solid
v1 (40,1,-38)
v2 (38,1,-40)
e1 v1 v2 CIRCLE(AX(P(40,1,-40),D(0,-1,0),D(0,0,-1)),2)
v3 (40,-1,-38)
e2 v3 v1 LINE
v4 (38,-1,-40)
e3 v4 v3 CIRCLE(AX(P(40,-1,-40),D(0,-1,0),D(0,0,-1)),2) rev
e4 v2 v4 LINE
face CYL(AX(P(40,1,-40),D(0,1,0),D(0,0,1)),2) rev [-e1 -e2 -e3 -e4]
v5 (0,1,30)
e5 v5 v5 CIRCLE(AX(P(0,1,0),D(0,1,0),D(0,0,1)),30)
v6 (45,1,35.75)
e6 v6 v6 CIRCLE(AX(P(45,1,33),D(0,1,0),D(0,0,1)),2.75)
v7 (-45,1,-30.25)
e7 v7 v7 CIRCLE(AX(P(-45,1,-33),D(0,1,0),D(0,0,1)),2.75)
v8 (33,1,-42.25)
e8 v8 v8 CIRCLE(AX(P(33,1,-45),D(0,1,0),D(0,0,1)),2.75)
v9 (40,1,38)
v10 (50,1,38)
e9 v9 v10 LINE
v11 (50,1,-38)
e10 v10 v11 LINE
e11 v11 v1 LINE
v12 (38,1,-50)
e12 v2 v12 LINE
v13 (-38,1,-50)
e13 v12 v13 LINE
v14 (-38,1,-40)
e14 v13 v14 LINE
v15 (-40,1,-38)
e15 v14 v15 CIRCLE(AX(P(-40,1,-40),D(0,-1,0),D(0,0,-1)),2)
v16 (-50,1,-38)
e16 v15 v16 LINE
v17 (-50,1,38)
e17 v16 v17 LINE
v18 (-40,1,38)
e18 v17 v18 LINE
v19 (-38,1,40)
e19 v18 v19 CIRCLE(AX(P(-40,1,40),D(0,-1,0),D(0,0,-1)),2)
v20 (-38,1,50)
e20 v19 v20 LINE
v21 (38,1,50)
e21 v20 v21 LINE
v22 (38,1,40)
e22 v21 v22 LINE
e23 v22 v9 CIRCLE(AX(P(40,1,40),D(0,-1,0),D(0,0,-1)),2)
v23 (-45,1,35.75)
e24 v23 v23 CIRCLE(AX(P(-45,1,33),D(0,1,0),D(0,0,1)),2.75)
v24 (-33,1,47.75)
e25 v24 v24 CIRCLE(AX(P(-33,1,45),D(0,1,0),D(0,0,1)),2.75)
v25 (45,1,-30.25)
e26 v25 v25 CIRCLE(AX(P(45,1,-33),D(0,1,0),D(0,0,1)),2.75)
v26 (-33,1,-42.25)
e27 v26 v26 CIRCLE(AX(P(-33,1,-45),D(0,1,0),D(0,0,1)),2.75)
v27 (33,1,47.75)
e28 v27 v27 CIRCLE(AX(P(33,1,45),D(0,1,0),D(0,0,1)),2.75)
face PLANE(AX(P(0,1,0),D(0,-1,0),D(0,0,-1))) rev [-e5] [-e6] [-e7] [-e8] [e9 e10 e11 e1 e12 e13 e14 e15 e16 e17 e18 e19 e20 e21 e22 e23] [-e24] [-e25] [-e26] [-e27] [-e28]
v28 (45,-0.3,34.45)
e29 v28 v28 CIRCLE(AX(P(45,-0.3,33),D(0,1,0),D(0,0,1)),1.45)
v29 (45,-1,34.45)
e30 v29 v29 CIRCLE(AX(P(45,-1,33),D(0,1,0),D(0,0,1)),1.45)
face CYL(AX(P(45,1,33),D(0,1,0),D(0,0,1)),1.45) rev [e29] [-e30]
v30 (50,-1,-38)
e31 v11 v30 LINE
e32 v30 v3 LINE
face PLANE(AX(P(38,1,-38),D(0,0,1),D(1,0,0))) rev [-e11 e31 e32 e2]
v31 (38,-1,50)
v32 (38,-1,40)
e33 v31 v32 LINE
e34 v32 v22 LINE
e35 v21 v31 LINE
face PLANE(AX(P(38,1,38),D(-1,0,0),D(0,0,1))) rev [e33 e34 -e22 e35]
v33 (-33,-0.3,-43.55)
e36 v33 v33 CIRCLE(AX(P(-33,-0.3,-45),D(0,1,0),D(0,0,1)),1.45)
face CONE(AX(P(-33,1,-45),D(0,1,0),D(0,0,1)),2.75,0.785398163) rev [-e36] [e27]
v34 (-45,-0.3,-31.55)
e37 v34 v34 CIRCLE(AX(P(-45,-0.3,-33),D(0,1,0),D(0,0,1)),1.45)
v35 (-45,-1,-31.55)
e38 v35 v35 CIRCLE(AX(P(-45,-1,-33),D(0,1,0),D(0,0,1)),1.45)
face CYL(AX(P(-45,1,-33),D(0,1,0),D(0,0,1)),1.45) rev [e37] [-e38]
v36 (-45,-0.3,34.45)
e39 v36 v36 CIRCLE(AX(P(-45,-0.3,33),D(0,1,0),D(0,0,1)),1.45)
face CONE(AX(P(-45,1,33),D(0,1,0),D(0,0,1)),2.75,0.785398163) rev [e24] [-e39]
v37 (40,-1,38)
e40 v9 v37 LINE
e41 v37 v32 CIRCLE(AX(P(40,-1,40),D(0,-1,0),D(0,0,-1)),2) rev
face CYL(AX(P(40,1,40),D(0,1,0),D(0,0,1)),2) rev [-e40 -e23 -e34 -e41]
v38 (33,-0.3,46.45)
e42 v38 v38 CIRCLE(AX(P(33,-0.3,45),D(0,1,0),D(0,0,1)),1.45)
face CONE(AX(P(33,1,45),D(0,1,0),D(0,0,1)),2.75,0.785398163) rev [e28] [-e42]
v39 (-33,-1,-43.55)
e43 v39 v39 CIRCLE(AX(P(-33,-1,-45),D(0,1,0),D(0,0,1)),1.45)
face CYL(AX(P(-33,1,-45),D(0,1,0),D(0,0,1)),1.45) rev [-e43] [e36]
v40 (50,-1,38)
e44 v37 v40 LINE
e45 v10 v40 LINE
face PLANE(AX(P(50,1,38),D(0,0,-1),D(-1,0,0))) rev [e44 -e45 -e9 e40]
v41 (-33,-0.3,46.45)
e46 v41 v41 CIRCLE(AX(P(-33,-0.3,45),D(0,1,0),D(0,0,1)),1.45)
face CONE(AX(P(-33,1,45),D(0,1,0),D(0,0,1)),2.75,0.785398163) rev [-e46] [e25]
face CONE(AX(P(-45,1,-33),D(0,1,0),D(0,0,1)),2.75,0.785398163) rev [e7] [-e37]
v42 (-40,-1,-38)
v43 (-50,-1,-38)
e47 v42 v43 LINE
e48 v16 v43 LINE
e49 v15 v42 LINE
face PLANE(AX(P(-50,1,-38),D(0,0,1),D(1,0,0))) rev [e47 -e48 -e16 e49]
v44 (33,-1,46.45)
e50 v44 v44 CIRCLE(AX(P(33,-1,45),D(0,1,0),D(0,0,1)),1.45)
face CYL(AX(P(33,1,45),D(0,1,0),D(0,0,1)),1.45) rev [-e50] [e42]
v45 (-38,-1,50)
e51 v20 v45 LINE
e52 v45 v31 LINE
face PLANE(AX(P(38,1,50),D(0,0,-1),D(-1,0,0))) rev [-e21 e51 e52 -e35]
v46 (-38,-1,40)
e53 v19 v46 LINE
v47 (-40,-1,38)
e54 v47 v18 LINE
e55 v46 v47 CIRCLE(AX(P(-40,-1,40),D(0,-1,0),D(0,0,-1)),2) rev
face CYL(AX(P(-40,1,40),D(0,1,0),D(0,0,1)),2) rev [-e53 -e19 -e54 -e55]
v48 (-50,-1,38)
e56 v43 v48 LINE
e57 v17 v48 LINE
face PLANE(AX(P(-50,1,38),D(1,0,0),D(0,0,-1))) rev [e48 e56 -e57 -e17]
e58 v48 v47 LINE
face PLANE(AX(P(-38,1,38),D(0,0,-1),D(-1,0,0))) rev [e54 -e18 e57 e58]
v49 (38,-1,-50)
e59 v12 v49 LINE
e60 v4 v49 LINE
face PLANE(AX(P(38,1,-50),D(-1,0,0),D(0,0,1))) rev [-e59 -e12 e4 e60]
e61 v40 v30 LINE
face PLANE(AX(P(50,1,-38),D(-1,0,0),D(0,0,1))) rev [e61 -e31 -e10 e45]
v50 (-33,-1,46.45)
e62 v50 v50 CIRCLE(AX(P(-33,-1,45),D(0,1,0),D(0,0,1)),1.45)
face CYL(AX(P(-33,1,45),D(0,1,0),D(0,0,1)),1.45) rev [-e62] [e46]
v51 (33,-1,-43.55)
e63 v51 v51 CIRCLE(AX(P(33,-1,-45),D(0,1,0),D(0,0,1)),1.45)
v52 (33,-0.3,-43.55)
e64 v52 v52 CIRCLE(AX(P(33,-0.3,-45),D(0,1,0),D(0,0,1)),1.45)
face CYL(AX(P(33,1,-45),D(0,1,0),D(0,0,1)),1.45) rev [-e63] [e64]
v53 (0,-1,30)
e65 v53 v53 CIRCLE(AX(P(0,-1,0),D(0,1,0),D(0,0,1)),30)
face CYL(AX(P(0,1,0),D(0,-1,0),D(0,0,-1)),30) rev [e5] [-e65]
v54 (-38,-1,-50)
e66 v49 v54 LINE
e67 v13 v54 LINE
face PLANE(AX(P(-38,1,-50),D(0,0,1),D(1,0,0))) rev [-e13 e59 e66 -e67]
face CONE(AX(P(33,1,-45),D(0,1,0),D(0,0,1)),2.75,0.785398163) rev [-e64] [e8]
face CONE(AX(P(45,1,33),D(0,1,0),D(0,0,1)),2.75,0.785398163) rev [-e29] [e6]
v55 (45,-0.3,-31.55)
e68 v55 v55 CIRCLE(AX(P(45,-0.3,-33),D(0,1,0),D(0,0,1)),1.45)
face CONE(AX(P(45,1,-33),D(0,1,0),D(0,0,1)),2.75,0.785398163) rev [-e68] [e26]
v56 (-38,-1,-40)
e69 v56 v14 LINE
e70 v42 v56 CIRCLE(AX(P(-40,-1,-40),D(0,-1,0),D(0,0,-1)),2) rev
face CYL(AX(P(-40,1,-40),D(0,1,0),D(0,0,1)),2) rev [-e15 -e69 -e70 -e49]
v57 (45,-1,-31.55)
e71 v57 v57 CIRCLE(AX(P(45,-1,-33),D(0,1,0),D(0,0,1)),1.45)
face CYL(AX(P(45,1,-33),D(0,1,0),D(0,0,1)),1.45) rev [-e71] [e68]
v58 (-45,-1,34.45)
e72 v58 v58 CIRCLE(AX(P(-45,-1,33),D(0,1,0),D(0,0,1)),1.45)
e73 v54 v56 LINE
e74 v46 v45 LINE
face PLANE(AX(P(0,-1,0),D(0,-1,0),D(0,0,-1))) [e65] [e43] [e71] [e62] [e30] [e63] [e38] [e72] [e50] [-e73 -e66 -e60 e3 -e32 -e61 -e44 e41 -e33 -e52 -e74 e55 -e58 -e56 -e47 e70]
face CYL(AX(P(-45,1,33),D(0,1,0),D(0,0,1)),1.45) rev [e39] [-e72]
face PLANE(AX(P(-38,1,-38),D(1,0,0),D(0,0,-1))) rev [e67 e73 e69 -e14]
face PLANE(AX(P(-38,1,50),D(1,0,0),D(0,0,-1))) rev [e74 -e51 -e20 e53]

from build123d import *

# Parameters (mm, degrees)
SCHIZZO1_R                              = 30
ESTRUSIONE_ESTRUSIONE1_DEPTH            = 1
RACCORDO1_R                             = 2
FORO_SVASATO_PER_VITE_M2_5_1_AT_2_COUNT = 2
FORO_SVASATO_PER_VITE_M2_5_1_AT_2_PITCH = 16.970562748
FORO_SVASATO_PER_VITE_M2_5_1_AT_3_COUNT = 2
FORO_SVASATO_PER_VITE_M2_5_1_AT_3_PITCH = 78.917678628
FORO_SVASATO_PER_VITE_M2_5_1_AT_4_COUNT = 2
FORO_SVASATO_PER_VITE_M2_5_1_AT_4_PITCH = 90
FORO_SVASATO_PER_VITE_M2_5_1_AT_5_COUNT = 2
FORO_SVASATO_PER_VITE_M2_5_1_AT_5_PITCH = 111.606451426
FORO_SVASATO_PER_VITE_M2_5_1_AT_6_COUNT = 2
FORO_SVASATO_PER_VITE_M2_5_1_AT_6_PITCH = 110.308657865
FORO_SVASATO_PER_VITE_M2_5_1_AT_7_COUNT = 2
FORO_SVASATO_PER_VITE_M2_5_1_AT_7_PITCH = 78.917678628
FORO_SVASATO_PER_VITE_M2_5_1_AT_8_COUNT = 2
FORO_SVASATO_PER_VITE_M2_5_1_AT_8_PITCH = 66


with BuildPart() as part:
    # Schizzo1 → Estrusione-Estrusione1 (new, symmetric)
    with BuildSketch(Plane(origin=(0, 0, 0), x_dir=(1, 0, 0), z_dir=(0, 1, 0))):
        Polygon((-50, -38), (-50, 38), (-38, 38), (-38, 50), (38, 50), (38, 38), (50, 38), (50, -38), (38, -38), (38, -50), (-38, -50), (-38, -38), align=None)
        with Locations(Location((0, 0, 0), (0, 0, 270))):
            Circle(SCHIZZO1_R, mode=Mode.SUBTRACT)
    extrude(amount=ESTRUSIONE_ESTRUSIONE1_DEPTH, both=True)

    # Raccordo1
    raccordo1_edges = [part.edges().sort_by_distance(p)[0] for p in [
        (-38, 0, -38),
        (38, 0, -38),
        (38, 0, 38),
        (-38, 0, 38),
    ]]
    fillet(raccordo1_edges, radius=RACCORDO1_R)

    # Schizzo4 → Foro svasato per Vite M2.5-1 (revolve, cut)
    with BuildSketch(Plane(origin=(-33, 1, -45), x_dir=(0, 0, 1), z_dir=(1, 0, 0))):
        Polygon((0, 0), (0, 2), (1.45, 2), (1.45, 1.3), (2.75, 0), align=None)
    foro_svasato_per_vite_m2_5_1 = revolve(axis=Axis((-33, 7.35, -45), (0, -1, 0)), mode=Mode.SUBTRACT)

    # Foro svasato per Vite M2.5-1 at 2: Foro svasato per Vite M2.5-1 ×2
    with Locations(*[Vector(-0.7071067811865476, 0, 0.7071067811865476) * (i * FORO_SVASATO_PER_VITE_M2_5_1_AT_2_PITCH) for i in range(1, FORO_SVASATO_PER_VITE_M2_5_1_AT_2_COUNT)]):
        add(foro_svasato_per_vite_m2_5_1, mode=Mode.SUBTRACT)

    # Foro svasato per Vite M2.5-1 at 3: Foro svasato per Vite M2.5-1 ×2
    with Locations(*[Vector(-0.15205718425394116, 0, 0.9883716976506172) * (i * FORO_SVASATO_PER_VITE_M2_5_1_AT_3_PITCH) for i in range(1, FORO_SVASATO_PER_VITE_M2_5_1_AT_3_COUNT)]):
        add(foro_svasato_per_vite_m2_5_1, mode=Mode.SUBTRACT)

    # Foro svasato per Vite M2.5-1 at 4: Foro svasato per Vite M2.5-1 ×2
    with Locations(*[(0, 0, i * FORO_SVASATO_PER_VITE_M2_5_1_AT_4_PITCH) for i in range(1, FORO_SVASATO_PER_VITE_M2_5_1_AT_4_COUNT)]):
        add(foro_svasato_per_vite_m2_5_1, mode=Mode.SUBTRACT)

    # Foro svasato per Vite M2.5-1 at 5: Foro svasato per Vite M2.5-1 ×2
    with Locations(*[Vector(0.5913636636275174, 0, 0.8064049958557056) * (i * FORO_SVASATO_PER_VITE_M2_5_1_AT_5_PITCH) for i in range(1, FORO_SVASATO_PER_VITE_M2_5_1_AT_5_COUNT)]):
        add(foro_svasato_per_vite_m2_5_1, mode=Mode.SUBTRACT)

    # Foro svasato per Vite M2.5-1 at 6: Foro svasato per Vite M2.5-1 ×2
    with Locations(*[Vector(0.7071067811865476, 0, 0.7071067811865476) * (i * FORO_SVASATO_PER_VITE_M2_5_1_AT_6_PITCH) for i in range(1, FORO_SVASATO_PER_VITE_M2_5_1_AT_6_COUNT)]):
        add(foro_svasato_per_vite_m2_5_1, mode=Mode.SUBTRACT)

    # Foro svasato per Vite M2.5-1 at 7: Foro svasato per Vite M2.5-1 ×2
    with Locations(*[Vector(0.9883716976506172, 0, 0.1520571842539412) * (i * FORO_SVASATO_PER_VITE_M2_5_1_AT_7_PITCH) for i in range(1, FORO_SVASATO_PER_VITE_M2_5_1_AT_7_COUNT)]):
        add(foro_svasato_per_vite_m2_5_1, mode=Mode.SUBTRACT)

    # Foro svasato per Vite M2.5-1 at 8: Foro svasato per Vite M2.5-1 ×2
    with Locations(*[(i * FORO_SVASATO_PER_VITE_M2_5_1_AT_8_PITCH, 0, 0) for i in range(1, FORO_SVASATO_PER_VITE_M2_5_1_AT_8_COUNT)]):
        add(foro_svasato_per_vite_m2_5_1, mode=Mode.SUBTRACT)


solid = part.part
